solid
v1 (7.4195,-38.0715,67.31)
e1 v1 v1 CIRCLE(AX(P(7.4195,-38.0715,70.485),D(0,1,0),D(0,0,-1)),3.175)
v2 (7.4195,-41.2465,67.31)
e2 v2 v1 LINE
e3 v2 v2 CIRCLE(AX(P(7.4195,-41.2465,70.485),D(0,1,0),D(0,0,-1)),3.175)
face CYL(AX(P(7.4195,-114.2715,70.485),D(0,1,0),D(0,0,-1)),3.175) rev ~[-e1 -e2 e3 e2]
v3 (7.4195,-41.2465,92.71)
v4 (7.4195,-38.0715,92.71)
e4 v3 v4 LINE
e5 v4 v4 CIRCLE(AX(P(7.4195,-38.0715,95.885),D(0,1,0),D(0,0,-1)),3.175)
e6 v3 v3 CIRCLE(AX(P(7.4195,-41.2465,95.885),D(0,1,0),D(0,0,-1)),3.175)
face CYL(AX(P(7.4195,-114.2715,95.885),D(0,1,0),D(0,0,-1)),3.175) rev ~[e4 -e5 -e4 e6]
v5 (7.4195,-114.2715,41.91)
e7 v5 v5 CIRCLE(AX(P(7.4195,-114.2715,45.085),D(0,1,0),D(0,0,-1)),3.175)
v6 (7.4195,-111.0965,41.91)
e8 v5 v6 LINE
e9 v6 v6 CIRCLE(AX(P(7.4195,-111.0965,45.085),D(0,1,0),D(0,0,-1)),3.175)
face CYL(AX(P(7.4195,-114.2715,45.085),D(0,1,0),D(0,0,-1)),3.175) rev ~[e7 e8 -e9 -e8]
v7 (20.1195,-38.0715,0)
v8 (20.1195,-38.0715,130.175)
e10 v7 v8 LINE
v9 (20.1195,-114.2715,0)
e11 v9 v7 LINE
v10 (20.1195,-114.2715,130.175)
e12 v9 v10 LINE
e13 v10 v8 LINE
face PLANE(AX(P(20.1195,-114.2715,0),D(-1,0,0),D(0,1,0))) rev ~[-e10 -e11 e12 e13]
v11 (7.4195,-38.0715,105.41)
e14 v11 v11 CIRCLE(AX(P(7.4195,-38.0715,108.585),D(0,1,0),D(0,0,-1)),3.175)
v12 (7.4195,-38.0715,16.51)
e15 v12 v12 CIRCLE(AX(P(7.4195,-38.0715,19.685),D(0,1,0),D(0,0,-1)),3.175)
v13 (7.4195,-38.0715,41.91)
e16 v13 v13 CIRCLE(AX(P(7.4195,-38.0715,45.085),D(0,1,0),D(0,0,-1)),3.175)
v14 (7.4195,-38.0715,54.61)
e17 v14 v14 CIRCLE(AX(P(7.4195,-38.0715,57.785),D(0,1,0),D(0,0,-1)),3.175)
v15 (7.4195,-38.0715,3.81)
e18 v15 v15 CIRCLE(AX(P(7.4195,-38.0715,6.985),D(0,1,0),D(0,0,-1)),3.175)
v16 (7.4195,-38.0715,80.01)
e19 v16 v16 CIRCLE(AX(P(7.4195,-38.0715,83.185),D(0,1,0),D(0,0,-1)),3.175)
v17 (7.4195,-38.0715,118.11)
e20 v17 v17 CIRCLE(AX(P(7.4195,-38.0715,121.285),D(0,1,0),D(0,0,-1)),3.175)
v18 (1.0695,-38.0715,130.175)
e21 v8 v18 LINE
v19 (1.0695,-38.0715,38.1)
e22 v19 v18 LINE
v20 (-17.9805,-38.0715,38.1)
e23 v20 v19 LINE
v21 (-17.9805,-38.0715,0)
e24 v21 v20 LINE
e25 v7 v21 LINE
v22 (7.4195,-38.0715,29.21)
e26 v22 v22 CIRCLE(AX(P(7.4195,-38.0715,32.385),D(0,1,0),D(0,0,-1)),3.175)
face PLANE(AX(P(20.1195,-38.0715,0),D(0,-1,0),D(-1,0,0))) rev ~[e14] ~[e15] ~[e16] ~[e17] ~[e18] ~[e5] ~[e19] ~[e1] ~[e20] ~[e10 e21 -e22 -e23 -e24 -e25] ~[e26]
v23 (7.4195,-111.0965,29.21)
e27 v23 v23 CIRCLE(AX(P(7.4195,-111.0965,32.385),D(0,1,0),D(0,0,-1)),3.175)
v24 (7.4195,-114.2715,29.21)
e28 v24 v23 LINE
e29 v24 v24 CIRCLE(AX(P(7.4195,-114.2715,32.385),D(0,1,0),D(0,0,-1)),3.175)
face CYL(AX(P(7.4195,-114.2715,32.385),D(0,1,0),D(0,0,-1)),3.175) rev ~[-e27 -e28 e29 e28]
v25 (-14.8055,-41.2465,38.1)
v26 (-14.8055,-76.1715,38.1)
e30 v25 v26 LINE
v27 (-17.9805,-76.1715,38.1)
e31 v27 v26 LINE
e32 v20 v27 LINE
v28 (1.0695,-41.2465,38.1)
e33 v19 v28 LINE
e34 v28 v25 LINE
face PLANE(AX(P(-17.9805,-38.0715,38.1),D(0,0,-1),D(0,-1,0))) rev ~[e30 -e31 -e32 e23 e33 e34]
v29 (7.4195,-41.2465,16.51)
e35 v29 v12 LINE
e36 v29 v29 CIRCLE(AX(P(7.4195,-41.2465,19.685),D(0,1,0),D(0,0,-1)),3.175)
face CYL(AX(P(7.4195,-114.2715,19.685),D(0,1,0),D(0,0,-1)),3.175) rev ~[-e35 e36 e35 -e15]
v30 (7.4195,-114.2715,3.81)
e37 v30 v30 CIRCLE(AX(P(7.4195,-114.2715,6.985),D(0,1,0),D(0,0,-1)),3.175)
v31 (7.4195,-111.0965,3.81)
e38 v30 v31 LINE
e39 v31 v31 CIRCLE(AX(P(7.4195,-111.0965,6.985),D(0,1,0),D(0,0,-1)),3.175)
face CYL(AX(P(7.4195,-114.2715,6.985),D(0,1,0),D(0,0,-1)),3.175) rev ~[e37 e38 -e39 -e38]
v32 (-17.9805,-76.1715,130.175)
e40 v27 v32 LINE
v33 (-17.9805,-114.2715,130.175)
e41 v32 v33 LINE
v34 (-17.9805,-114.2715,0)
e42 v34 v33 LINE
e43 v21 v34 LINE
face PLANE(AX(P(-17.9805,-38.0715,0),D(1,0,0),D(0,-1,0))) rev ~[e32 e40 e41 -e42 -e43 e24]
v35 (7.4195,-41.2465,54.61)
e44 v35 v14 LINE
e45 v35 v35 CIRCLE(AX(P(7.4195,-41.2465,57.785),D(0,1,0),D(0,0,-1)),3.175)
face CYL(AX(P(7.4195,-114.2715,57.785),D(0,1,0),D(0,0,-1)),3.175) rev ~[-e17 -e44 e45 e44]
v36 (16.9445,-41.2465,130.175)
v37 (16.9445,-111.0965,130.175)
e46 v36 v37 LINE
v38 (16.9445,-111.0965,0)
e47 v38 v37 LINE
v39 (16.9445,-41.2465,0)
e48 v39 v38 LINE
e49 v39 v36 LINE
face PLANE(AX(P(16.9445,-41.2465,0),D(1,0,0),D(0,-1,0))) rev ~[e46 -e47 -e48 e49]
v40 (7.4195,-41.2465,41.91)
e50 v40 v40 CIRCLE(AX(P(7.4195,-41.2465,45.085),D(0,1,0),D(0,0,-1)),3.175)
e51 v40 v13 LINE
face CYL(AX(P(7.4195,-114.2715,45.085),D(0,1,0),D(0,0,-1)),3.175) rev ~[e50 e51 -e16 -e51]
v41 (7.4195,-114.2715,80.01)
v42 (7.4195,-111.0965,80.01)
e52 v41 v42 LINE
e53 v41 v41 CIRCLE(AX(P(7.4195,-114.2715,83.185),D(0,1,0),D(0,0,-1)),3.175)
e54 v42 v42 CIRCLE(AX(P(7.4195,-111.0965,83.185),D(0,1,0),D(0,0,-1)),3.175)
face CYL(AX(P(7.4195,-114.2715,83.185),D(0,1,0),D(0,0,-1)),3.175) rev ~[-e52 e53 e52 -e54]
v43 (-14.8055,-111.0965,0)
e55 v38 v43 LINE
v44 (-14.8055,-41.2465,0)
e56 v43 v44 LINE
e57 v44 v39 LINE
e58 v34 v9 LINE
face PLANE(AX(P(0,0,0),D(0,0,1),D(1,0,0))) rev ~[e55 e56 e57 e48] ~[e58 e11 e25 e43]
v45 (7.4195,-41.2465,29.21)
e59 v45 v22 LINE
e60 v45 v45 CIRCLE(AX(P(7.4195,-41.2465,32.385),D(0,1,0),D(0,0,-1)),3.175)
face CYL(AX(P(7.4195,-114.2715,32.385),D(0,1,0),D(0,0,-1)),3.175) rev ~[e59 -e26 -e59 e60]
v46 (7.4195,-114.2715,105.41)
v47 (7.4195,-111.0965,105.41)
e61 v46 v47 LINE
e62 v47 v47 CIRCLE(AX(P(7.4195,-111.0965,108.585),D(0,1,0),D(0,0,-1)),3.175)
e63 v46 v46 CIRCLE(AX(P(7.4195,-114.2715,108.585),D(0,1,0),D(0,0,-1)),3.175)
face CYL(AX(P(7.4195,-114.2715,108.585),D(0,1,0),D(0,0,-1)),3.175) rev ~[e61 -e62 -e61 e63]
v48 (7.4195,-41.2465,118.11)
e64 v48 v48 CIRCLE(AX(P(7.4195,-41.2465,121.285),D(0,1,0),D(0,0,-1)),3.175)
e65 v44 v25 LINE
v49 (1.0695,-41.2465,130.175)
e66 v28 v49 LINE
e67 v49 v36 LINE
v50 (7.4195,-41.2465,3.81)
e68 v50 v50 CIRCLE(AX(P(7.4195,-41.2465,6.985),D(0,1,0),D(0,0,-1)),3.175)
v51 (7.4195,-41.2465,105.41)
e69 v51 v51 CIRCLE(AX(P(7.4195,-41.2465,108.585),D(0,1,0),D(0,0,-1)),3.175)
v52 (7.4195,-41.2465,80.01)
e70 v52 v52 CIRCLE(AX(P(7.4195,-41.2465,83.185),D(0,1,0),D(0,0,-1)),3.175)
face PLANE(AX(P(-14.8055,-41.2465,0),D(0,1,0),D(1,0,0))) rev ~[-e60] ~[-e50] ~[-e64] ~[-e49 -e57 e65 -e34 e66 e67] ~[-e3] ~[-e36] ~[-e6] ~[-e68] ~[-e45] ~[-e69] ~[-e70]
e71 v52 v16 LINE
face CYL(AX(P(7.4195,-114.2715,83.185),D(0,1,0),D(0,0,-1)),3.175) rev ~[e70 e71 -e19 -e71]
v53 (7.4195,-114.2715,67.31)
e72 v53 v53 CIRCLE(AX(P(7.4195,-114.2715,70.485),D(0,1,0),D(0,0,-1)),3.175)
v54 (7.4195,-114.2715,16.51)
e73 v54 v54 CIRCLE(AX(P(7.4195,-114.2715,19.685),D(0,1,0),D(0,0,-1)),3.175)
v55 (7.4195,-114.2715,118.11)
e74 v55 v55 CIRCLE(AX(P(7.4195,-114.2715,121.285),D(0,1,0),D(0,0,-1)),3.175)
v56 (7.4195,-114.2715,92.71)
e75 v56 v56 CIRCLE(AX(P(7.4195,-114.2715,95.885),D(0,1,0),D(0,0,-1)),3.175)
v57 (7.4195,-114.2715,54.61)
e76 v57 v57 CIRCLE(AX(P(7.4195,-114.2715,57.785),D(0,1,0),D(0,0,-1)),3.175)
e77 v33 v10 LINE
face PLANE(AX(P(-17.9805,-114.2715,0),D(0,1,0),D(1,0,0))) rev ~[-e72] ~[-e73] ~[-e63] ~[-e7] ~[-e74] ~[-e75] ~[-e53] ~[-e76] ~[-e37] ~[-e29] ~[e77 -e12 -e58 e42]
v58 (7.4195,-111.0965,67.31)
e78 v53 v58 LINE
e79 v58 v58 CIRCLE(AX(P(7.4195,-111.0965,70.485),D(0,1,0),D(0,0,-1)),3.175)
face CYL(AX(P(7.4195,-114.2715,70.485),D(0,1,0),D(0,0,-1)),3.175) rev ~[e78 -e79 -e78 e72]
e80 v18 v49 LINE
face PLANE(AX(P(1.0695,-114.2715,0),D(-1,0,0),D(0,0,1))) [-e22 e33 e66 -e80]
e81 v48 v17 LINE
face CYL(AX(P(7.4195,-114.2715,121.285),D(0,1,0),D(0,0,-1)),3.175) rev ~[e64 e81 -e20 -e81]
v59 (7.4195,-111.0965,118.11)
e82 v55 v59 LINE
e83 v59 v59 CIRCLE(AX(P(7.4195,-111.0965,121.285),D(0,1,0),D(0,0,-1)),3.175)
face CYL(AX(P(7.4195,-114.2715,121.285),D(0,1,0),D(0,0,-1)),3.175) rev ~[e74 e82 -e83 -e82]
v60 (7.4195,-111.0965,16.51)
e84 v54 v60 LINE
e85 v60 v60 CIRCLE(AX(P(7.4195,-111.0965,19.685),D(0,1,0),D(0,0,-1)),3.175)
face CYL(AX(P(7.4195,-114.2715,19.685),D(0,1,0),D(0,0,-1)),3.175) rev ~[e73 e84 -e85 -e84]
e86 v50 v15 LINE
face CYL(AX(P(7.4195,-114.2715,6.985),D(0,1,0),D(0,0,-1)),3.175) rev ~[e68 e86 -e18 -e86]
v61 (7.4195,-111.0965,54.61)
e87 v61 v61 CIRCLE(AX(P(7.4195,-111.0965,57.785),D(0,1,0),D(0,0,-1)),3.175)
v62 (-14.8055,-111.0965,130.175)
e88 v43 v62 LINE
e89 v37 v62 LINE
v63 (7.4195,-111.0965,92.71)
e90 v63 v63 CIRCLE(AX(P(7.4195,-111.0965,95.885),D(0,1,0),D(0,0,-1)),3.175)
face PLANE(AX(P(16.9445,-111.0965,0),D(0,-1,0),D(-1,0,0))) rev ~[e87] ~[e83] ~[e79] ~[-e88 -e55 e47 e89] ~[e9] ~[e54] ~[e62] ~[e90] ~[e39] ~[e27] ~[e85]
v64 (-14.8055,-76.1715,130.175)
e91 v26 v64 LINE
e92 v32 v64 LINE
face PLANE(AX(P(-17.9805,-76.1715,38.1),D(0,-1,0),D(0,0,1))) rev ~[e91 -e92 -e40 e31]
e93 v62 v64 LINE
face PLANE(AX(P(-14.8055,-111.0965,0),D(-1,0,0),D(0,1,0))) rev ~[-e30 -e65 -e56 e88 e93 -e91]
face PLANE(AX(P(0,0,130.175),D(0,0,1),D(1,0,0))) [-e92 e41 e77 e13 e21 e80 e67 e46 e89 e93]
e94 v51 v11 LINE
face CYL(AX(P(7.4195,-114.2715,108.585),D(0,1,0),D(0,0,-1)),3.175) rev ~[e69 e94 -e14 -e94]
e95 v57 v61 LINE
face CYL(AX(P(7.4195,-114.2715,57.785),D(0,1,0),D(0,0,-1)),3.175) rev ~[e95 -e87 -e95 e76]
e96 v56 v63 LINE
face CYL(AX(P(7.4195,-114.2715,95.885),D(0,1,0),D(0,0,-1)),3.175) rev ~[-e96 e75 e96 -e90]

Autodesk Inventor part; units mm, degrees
ref_plane "YZ Plane" through (0, 0, 0) normal (1, 0, 0) x (0, 1, 0)
ref_plane "XZ Plane" through (0, 0, 0) normal (0, 1, 0) x (-1, 0, 0)
ref_plane "XY Plane" through (0, 0, 0) normal (0, 0, 1) x (1, 0, 0)
sketch "Sketch1" plane through (0, 0, 0) normal (0, 0, 1) x (1, 0, 0)
  line L0 (20.1195, -38.0715) -> (-17.9805, -38.0715)
  line L1 (-17.9805, -38.0715) -> (-17.9805, -114.2715)
  line L2 (-17.9805, -114.2715) -> (20.1195, -114.2715)
  line L3 (20.1195, -114.2715) -> (20.1195, -38.0715)
  line L4 (16.9445, -111.0965) -> (-14.8055, -111.0965)
  line L5 (-14.8055, -111.0965) -> (-14.8055, -41.2465)
  line L6 (-14.8055, -41.2465) -> (16.9445, -41.2465)
  line L7 (16.9445, -41.2465) -> (16.9445, -111.0965)
  point P0 (0, 0)
  dimension "d0" = 76.2
  dimension "d1" = 38.1
  dimension "d2" = 3.175
extrude "Extrusion1" add sketch "Sketch1" along normal blind 130.175
sketch "Sketch2" plane through (-17.9805, -114.2715, 0) normal (-1, 0, 0) x (0, 0, 1)
  line L0 (0, 76.2) -> (130.175, 76.2) projected
  line L1 (0, 76.2) -> (0, 0) projected
  line L2 (0, 0) -> (130.175, 0) projected
  line L3 (130.175, 76.2) -> (130.175, 0) projected
  line L4 (130.175, 76.2) -> (38.1, 76.2)
  line L5 (38.1, 76.2) -> (38.1, 38.1)
  line L6 (38.1, 38.1) -> (130.175, 38.1)
  line L7 (130.175, 38.1) -> (130.175, 76.2)
  point P0 (0, 114.2715)
  dimension "d25" = 38.1
  dimension "d26" = 38.1
extrude "Extrusion2" cut sketch "Sketch2" against normal blind 19.05 contours L0 L3 L6 L5
sketch "Sketch3" plane through (-17.9805, -114.2715, 0) normal (0, -1, 0) x (1, 0, 0)
  line L0 (38.1, 0) -> (38.1, 130.175) projected
  line L1 (0, 130.175) -> (38.1, 130.175) projected
  point P0 (17.9805, 0)
  point P1 (25.4, 121.285)
  point P2 (25.4, 108.585)
  point P3 (25.4, 95.885)
  point P4 (25.4, 83.185)
  point P5 (25.4, 70.485)
  point P6 (25.4, 57.785)
  point P7 (25.4, 45.085)
  point P8 (25.4, 32.385)
  point P9 (25.4, 19.685)
  point P10 (25.4, 6.985)
  dimension "d9" = 12.7
  dimension "d10" = 8.89
  dimension "d13" = 12.7
hole "Hole1" at (7.4195, -114.2715, 121.285) at (7.4195, -114.2715, 108.585) at (7.4195, -114.2715, 95.885) at (7.4195, -114.2715, 83.185) at (7.4195, -114.2715, 70.485) at (7.4195, -114.2715, 57.785) at (7.4195, -114.2715, 45.085) at (7.4195, -114.2715, 32.385) at (7.4195, -114.2715, 19.685) at (7.4195, -114.2715, 6.985) direction (0, 1, 0) diameter 6.35 end through all
properties part number "2018 Scissor Stand Off Outside A"
